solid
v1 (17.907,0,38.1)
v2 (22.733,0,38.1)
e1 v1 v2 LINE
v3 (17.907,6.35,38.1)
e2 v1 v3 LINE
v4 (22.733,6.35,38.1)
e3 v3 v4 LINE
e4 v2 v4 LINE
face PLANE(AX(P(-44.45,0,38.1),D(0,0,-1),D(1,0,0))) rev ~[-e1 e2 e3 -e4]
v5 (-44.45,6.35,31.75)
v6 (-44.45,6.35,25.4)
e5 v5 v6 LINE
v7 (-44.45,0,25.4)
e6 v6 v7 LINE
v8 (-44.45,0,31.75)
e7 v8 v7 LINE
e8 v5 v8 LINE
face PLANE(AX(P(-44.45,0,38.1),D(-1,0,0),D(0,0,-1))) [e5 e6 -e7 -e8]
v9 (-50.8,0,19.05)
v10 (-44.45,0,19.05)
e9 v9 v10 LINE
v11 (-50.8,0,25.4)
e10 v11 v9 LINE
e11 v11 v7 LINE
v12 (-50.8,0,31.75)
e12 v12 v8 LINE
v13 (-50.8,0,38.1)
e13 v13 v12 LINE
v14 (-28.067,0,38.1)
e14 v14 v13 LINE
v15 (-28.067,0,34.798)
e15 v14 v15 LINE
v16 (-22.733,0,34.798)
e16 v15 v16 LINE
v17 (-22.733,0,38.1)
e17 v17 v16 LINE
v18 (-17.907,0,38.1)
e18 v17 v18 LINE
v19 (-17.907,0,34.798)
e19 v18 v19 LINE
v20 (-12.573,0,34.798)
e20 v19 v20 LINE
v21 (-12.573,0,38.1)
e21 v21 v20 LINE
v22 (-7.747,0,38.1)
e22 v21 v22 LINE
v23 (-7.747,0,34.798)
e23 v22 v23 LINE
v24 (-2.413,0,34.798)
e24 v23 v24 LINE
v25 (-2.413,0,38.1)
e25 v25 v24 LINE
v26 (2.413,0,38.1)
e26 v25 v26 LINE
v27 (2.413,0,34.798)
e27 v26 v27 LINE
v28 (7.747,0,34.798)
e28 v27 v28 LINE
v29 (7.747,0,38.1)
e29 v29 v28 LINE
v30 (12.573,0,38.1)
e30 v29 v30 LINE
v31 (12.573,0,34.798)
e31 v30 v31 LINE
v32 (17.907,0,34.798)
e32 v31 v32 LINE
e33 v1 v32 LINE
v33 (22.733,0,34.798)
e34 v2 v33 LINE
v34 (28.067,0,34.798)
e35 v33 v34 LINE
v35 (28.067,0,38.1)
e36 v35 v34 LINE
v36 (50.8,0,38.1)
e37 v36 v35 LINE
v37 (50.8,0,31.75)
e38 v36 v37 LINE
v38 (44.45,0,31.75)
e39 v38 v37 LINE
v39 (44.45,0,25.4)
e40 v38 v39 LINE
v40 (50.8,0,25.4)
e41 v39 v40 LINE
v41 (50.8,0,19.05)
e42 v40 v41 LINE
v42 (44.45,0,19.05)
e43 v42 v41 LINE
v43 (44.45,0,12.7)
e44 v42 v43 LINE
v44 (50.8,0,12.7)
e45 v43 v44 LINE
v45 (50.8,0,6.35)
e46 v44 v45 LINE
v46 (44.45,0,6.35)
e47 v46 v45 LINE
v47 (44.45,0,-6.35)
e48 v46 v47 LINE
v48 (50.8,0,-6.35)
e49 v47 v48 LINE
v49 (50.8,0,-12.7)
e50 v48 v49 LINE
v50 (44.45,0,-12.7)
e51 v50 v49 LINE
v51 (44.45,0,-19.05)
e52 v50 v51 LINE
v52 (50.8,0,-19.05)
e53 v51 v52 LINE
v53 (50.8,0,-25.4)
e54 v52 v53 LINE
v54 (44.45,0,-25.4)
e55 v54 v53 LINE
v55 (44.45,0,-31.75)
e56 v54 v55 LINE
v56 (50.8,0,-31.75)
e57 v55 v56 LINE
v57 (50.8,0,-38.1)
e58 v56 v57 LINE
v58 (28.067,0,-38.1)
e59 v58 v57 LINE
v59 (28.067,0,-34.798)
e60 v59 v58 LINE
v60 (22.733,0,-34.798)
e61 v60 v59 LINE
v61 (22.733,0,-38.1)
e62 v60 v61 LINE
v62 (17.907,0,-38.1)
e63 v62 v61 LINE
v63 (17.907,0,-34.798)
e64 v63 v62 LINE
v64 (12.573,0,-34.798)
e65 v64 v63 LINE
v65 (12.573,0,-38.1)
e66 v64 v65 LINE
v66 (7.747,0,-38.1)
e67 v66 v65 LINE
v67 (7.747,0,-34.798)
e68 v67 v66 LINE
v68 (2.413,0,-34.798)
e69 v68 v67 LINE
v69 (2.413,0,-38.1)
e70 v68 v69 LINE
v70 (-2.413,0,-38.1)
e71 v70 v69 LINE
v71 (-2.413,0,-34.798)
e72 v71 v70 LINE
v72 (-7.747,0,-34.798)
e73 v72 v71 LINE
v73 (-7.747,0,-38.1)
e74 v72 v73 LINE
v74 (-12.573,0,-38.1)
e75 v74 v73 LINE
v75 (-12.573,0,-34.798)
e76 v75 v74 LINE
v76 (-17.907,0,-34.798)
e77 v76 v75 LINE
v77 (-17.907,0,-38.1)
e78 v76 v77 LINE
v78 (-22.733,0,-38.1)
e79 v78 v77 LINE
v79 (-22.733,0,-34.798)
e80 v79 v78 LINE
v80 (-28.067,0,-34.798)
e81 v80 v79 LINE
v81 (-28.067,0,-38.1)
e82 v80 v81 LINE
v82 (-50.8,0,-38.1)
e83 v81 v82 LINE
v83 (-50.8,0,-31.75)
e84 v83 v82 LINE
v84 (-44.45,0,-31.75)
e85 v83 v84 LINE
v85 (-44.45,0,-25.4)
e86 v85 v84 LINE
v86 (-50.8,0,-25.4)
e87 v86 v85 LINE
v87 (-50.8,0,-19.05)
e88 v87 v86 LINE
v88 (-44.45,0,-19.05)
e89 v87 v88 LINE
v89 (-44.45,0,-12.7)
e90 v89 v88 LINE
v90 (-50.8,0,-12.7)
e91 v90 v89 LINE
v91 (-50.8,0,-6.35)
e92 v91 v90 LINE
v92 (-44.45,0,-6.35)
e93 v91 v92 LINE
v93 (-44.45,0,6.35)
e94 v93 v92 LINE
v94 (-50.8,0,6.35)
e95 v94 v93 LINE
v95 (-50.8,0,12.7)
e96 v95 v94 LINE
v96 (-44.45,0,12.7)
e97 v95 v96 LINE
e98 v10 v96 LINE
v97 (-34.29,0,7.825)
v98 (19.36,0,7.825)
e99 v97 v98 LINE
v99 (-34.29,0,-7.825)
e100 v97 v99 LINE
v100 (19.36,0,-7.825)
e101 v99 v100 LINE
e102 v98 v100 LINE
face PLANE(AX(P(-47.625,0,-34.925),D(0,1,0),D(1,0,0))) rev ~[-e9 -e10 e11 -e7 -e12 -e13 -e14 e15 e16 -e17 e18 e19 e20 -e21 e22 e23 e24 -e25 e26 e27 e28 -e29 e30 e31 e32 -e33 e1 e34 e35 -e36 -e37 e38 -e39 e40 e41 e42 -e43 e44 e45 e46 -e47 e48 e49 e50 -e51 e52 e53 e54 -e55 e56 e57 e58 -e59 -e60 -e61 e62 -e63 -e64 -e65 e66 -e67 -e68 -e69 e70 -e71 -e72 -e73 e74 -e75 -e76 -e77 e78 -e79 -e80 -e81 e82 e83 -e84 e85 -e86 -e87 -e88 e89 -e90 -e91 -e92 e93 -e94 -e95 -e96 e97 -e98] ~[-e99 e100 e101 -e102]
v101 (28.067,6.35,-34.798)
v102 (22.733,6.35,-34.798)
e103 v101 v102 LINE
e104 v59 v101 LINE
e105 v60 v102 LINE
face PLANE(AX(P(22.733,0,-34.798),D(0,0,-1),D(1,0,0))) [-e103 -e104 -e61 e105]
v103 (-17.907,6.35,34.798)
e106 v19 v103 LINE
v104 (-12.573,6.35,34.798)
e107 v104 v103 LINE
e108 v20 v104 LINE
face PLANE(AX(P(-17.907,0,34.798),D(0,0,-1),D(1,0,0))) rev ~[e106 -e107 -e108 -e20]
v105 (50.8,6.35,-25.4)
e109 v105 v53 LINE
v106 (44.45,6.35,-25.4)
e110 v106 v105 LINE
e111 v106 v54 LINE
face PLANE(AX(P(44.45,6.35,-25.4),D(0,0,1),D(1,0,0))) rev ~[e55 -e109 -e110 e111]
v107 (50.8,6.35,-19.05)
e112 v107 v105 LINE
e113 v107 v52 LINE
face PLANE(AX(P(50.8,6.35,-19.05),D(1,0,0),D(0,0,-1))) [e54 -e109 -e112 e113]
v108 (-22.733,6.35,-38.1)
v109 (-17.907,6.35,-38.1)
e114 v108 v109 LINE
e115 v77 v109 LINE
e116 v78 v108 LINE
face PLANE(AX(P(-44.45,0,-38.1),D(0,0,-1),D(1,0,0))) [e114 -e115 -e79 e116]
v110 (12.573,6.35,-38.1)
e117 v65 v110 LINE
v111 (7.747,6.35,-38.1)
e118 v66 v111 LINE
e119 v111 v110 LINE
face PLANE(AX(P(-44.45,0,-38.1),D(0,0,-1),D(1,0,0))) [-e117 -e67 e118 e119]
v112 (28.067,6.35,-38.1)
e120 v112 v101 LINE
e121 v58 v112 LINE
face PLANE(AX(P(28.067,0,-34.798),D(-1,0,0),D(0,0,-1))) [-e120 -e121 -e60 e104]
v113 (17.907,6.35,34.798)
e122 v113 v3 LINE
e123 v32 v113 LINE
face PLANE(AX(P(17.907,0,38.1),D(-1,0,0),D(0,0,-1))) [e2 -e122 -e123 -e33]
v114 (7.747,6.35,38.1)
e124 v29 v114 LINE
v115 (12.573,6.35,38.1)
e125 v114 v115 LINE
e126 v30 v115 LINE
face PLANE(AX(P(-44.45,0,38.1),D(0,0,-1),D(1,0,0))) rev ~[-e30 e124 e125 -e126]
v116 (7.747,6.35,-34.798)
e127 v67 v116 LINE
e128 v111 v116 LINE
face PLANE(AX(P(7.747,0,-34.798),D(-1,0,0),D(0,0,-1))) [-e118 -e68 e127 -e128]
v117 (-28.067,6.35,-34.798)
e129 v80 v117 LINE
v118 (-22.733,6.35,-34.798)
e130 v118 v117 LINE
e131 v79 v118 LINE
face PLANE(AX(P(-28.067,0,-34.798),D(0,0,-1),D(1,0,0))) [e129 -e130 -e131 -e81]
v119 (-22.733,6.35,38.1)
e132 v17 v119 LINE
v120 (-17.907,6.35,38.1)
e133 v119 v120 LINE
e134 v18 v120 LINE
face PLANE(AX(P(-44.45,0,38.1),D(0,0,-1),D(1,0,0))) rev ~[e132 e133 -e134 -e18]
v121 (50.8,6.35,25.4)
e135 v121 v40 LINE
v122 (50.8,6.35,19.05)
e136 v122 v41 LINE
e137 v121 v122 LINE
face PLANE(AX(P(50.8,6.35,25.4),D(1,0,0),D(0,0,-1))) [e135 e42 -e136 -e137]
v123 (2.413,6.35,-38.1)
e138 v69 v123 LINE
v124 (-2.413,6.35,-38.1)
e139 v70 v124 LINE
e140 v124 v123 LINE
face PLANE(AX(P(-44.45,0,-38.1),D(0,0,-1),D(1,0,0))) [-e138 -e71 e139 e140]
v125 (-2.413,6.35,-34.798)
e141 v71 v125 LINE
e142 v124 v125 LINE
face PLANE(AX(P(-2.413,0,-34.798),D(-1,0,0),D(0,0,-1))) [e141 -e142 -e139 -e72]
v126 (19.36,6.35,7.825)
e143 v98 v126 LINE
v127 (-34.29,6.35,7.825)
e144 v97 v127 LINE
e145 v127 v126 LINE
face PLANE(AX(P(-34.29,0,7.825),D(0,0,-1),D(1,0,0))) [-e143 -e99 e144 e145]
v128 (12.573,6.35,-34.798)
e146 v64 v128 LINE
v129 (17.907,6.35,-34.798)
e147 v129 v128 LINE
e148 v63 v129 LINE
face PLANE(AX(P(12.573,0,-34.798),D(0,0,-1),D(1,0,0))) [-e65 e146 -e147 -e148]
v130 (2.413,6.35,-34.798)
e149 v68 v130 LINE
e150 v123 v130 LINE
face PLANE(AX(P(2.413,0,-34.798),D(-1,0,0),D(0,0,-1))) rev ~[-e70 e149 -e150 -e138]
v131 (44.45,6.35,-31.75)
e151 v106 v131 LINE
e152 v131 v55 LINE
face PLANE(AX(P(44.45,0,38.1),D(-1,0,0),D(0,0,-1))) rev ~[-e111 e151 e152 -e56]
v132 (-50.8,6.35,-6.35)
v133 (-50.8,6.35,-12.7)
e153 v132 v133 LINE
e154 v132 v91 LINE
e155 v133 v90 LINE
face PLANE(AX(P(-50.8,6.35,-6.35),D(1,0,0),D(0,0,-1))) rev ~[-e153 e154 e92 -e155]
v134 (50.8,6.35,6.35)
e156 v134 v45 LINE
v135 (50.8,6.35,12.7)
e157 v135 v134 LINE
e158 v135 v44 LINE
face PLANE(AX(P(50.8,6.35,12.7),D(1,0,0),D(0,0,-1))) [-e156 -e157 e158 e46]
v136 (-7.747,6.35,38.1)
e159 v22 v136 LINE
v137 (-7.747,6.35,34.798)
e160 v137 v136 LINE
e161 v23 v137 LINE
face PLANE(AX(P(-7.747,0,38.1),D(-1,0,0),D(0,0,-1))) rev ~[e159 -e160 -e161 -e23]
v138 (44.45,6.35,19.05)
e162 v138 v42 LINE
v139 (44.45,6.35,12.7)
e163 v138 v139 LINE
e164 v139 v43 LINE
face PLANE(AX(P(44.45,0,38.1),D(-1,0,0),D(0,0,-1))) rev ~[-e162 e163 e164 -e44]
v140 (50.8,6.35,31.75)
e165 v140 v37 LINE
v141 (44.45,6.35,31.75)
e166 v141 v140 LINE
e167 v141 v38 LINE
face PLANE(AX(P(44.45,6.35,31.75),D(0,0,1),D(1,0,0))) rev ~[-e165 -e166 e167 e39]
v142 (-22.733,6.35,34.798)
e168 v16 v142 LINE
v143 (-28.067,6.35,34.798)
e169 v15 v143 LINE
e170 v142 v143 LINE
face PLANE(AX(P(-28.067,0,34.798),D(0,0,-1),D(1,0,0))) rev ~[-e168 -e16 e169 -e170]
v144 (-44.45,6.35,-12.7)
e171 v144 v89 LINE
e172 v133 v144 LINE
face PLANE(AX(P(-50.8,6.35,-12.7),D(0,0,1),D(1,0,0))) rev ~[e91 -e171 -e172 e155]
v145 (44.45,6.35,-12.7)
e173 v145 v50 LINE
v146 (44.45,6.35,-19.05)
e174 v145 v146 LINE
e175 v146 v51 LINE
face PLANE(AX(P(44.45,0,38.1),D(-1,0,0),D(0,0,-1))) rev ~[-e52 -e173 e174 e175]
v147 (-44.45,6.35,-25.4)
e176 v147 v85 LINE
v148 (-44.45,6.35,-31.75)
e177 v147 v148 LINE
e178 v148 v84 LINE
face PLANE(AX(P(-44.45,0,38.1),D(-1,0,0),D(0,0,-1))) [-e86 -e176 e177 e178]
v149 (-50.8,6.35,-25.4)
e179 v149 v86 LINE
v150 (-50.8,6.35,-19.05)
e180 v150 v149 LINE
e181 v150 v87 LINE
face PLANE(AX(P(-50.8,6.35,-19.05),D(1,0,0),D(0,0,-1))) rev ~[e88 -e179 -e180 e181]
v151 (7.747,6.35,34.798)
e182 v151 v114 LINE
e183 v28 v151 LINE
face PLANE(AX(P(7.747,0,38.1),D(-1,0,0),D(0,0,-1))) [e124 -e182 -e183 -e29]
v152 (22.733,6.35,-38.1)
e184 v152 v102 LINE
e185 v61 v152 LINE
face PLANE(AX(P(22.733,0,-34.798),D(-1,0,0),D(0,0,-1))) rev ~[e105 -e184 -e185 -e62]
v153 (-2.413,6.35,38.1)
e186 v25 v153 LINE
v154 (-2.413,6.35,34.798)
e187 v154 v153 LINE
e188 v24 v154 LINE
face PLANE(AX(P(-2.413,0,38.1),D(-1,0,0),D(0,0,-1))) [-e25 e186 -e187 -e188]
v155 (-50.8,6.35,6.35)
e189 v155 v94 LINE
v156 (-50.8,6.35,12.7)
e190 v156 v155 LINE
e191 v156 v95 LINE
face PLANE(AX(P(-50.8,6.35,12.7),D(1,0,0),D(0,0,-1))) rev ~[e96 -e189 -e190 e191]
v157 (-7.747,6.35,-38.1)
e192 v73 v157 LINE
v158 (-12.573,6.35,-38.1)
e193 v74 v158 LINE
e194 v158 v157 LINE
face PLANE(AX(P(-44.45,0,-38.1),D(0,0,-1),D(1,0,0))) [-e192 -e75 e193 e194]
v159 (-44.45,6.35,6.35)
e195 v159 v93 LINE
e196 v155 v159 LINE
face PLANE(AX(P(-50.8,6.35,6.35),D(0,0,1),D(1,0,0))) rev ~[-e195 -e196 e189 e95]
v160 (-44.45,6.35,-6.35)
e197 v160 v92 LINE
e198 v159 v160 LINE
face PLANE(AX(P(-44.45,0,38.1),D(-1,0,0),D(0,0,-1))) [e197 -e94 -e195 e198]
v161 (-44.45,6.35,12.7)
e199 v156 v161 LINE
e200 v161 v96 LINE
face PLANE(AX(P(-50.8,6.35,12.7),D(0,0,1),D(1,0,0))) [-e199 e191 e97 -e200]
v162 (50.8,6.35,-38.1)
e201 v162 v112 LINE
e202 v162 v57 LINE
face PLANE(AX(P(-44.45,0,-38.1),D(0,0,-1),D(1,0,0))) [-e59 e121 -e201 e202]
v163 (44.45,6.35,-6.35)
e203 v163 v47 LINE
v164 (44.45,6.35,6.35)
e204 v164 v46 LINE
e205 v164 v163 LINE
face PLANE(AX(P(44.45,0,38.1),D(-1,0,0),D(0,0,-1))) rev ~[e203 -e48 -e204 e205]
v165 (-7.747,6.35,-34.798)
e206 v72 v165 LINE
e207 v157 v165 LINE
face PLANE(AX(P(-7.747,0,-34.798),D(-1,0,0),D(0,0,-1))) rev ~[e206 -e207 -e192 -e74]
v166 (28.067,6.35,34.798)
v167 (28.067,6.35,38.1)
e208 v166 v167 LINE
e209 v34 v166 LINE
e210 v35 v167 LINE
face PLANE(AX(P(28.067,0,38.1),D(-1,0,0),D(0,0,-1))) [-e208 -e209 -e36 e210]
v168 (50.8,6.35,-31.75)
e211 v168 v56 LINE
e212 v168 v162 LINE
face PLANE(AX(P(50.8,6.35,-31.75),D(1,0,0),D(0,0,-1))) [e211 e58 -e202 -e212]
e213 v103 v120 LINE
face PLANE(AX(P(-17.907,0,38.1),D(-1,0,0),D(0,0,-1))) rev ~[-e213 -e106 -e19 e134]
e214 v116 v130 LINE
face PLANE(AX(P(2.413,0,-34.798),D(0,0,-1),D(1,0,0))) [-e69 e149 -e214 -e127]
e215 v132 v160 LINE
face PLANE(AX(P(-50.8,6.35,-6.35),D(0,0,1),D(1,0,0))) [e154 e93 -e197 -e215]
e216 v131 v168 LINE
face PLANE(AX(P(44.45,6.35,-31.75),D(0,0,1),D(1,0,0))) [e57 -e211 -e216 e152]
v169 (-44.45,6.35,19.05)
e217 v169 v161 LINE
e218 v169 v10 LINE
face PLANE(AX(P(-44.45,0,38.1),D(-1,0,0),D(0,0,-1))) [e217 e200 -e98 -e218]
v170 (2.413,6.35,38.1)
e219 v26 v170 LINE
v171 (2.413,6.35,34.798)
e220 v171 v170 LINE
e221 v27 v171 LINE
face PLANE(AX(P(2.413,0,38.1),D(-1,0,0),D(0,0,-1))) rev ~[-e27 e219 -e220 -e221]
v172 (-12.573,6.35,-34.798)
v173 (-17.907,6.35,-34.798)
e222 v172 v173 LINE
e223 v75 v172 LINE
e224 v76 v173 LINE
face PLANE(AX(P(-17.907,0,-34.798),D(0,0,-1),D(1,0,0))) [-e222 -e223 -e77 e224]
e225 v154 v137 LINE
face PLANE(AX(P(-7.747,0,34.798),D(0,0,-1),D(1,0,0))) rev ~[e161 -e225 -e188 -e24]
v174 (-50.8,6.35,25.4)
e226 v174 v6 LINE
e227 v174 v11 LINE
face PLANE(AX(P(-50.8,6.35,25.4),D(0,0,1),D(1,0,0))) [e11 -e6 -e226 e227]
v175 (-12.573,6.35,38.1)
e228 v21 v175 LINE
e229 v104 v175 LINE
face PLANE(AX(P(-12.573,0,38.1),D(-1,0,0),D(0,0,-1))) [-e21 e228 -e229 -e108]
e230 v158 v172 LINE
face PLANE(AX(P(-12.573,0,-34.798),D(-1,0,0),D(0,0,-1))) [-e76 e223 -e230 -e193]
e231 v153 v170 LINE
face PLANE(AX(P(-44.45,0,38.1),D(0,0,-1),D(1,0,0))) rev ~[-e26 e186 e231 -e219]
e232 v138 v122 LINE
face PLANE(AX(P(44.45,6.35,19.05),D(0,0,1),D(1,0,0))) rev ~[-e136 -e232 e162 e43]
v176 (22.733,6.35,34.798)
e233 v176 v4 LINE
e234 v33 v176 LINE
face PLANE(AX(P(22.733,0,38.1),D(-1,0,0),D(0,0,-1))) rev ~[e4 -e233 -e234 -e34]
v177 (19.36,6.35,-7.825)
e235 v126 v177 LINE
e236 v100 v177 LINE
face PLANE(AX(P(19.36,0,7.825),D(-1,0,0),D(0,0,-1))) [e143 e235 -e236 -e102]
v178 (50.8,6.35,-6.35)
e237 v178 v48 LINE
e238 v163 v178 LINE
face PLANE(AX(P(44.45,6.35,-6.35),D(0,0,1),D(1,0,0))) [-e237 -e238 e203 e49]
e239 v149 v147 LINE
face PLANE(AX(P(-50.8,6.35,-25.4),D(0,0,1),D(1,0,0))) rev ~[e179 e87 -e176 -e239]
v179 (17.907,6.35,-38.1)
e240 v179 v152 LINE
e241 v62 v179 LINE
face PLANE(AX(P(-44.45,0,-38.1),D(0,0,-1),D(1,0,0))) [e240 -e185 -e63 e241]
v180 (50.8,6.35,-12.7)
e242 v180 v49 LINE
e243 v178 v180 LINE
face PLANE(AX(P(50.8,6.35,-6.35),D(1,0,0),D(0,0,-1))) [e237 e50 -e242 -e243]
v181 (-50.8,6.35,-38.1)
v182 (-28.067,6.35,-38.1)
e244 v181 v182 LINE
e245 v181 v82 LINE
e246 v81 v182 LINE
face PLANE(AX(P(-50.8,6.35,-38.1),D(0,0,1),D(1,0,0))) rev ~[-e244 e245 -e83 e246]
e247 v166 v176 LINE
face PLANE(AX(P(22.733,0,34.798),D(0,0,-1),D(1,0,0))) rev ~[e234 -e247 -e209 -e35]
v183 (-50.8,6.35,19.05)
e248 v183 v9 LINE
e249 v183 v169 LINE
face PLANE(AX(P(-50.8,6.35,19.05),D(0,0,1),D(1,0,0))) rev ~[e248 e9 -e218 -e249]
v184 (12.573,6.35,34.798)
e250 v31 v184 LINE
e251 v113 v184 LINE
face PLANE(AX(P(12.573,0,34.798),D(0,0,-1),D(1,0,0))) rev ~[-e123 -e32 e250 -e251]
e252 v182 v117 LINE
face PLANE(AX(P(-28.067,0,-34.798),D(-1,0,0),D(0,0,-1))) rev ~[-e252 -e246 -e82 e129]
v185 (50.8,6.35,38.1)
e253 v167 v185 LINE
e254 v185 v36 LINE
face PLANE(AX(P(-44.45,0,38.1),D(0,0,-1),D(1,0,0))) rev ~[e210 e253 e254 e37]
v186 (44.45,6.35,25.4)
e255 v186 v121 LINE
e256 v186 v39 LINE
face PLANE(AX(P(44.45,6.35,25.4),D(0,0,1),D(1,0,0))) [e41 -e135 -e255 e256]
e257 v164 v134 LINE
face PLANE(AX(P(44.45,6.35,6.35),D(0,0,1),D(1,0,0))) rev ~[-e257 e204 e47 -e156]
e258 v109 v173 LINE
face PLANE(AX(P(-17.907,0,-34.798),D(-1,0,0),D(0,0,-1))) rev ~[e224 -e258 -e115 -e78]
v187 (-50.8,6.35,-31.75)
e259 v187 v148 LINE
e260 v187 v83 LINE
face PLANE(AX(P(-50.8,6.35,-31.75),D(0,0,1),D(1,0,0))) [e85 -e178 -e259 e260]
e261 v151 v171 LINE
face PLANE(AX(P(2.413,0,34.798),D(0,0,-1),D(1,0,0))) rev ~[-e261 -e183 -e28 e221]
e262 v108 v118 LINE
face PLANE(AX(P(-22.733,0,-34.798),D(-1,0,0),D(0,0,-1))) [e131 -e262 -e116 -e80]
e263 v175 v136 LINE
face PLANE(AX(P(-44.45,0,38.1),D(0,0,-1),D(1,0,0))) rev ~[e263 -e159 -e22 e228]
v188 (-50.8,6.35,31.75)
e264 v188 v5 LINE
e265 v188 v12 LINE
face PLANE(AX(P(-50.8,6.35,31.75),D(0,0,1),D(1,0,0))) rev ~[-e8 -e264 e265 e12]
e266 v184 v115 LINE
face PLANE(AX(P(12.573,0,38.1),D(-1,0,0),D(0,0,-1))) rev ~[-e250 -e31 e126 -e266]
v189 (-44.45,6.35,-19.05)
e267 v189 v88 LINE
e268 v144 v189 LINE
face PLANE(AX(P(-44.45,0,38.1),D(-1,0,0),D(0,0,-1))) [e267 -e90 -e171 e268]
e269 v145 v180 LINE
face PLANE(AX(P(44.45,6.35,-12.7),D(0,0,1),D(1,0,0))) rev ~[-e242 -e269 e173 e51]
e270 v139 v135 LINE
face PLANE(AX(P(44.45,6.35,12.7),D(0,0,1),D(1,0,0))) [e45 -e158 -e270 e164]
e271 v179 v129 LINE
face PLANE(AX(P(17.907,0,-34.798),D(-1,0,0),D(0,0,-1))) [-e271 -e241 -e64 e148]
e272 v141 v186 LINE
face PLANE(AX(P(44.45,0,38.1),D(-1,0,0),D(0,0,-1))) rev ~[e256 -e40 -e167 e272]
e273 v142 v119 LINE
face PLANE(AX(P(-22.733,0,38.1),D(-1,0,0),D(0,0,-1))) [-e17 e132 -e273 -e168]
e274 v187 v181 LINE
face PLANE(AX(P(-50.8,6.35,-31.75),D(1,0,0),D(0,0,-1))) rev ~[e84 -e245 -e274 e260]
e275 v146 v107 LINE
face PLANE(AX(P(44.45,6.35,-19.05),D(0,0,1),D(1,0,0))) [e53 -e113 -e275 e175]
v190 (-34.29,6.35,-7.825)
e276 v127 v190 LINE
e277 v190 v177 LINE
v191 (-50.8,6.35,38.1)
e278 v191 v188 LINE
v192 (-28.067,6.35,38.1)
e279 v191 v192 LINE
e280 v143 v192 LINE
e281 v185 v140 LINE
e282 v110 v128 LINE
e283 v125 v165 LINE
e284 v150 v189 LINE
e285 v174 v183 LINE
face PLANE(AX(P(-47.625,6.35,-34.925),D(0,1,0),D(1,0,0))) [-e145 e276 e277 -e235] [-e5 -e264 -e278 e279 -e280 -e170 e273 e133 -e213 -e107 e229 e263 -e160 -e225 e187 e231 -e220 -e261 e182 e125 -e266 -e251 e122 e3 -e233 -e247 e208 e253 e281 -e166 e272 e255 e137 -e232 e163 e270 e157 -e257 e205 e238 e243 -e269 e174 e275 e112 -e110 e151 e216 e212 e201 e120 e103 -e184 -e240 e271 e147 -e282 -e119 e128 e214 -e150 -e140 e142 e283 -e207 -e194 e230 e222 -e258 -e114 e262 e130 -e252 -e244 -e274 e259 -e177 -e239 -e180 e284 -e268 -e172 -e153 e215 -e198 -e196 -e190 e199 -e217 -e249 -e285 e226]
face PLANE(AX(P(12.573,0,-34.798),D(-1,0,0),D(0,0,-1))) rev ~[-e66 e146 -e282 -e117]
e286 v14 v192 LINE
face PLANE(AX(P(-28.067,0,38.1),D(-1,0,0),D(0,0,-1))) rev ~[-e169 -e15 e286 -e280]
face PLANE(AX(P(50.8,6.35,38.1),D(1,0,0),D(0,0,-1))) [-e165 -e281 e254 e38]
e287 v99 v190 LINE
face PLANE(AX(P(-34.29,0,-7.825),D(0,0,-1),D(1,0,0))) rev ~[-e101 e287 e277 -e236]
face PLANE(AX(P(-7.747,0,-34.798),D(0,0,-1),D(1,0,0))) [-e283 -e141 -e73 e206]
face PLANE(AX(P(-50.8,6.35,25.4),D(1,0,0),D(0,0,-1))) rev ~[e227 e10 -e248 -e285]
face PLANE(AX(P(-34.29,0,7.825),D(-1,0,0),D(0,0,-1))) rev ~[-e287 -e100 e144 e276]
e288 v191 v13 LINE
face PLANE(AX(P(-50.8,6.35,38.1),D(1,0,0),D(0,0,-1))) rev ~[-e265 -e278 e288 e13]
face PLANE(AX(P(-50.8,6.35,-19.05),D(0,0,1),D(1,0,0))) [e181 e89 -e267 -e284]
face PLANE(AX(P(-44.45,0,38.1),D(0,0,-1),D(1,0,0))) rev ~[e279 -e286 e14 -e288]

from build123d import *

# Parameters (mm, degrees)
SKETCH1_W           = 88.9
SKETCH1_H           = 76.2
SKETCH1_W_2         = 53.65
SKETCH1_H_2         = 15.65
BOSS_EXTRUDE1_DEPTH = 6.35
SKETCH2_W           = 5.334
SKETCH2_H           = 3.302
CUT_EXTRUDE1_DEPTH  = 59.887477446
SKETCH3_W           = 6.35
SKETCH3_H           = 6.35
BOSS_EXTRUDE2_DEPTH = 6.35


with BuildPart() as part:
    # Sketch1 → Boss-Extrude1 (new body)
    with BuildSketch(Plane(origin=(0, 0, 0), x_dir=(1, 0, 0), z_dir=(0, 1, 0))):
        Rectangle(SKETCH1_W, SKETCH1_H)
        with Locations((-7.465, 0)):
            Rectangle(SKETCH1_W_2, SKETCH1_H_2, mode=Mode.SUBTRACT)
    extrude(amount=BOSS_EXTRUDE1_DEPTH)

    # Sketch2 → Cut-Extrude1 (cut, through all)
    with BuildSketch(Plane(origin=(0, 0, 0), x_dir=(1, 0, 0), z_dir=(0, 1, 0))):
        with Locations((-25.4, -36.449)):
            Rectangle(SKETCH2_W, SKETCH2_H)
        with Locations((-15.24, -36.449)):
            Rectangle(SKETCH2_W, SKETCH2_H)
        with Locations((-5.08, -36.449)):
            Rectangle(SKETCH2_W, SKETCH2_H)
        with Locations((5.08, -36.449)):
            Rectangle(SKETCH2_W, SKETCH2_H)
        with Locations((15.24, -36.449)):
            Rectangle(SKETCH2_W, SKETCH2_H)
        with Locations((25.4, -36.449)):
            Rectangle(SKETCH2_W, SKETCH2_H)
        with Locations((25.4, 36.449)):
            Rectangle(SKETCH2_W, SKETCH2_H)
        with Locations((15.24, 36.449)):
            Rectangle(SKETCH2_W, SKETCH2_H)
        with Locations((5.08, 36.449)):
            Rectangle(SKETCH2_W, SKETCH2_H)
        with Locations((-5.08, 36.449)):
            Rectangle(SKETCH2_W, SKETCH2_H)
        with Locations((-15.24, 36.449)):
            Rectangle(SKETCH2_W, SKETCH2_H)
        with Locations((-25.4, 36.449)):
            Rectangle(SKETCH2_W, SKETCH2_H)
    extrude(amount=CUT_EXTRUDE1_DEPTH, mode=Mode.SUBTRACT)

    # Sketch3 → Boss-Extrude2 (add)
    with BuildSketch(Plane(origin=(0, 6.35, 0), x_dir=(1, 0, 0), z_dir=(0, 1, 0))):
        with Locations((-47.625, 34.925)):
            Rectangle(SKETCH3_W, SKETCH3_H)
        with Locations((-47.625, 22.225)):
            Rectangle(SKETCH3_W, SKETCH3_H)
        with Locations((-47.625, 9.525)):
            Rectangle(SKETCH3_W, SKETCH3_H)
        with Locations((-47.625, -9.525)):
            Rectangle(SKETCH3_W, SKETCH3_H)
        with Locations((-47.625, -22.225)):
            Rectangle(SKETCH3_W, SKETCH3_H)
        with Locations((-47.625, -34.925)):
            Rectangle(SKETCH3_W, SKETCH3_H)
        with Locations((47.625, -34.925)):
            Rectangle(SKETCH3_W, SKETCH3_H)
        with Locations((47.625, -22.225)):
            Rectangle(SKETCH3_W, SKETCH3_H)
        with Locations((47.625, -9.525)):
            Rectangle(SKETCH3_W, SKETCH3_H)
        with Locations((47.625, 9.525)):
            Rectangle(SKETCH3_W, SKETCH3_H)
        with Locations((47.625, 22.225)):
            Rectangle(SKETCH3_W, SKETCH3_H)
        with Locations((47.625, 34.925)):
            Rectangle(SKETCH3_W, SKETCH3_H)
    extrude(amount=-BOSS_EXTRUDE2_DEPTH)


solid = part.part
